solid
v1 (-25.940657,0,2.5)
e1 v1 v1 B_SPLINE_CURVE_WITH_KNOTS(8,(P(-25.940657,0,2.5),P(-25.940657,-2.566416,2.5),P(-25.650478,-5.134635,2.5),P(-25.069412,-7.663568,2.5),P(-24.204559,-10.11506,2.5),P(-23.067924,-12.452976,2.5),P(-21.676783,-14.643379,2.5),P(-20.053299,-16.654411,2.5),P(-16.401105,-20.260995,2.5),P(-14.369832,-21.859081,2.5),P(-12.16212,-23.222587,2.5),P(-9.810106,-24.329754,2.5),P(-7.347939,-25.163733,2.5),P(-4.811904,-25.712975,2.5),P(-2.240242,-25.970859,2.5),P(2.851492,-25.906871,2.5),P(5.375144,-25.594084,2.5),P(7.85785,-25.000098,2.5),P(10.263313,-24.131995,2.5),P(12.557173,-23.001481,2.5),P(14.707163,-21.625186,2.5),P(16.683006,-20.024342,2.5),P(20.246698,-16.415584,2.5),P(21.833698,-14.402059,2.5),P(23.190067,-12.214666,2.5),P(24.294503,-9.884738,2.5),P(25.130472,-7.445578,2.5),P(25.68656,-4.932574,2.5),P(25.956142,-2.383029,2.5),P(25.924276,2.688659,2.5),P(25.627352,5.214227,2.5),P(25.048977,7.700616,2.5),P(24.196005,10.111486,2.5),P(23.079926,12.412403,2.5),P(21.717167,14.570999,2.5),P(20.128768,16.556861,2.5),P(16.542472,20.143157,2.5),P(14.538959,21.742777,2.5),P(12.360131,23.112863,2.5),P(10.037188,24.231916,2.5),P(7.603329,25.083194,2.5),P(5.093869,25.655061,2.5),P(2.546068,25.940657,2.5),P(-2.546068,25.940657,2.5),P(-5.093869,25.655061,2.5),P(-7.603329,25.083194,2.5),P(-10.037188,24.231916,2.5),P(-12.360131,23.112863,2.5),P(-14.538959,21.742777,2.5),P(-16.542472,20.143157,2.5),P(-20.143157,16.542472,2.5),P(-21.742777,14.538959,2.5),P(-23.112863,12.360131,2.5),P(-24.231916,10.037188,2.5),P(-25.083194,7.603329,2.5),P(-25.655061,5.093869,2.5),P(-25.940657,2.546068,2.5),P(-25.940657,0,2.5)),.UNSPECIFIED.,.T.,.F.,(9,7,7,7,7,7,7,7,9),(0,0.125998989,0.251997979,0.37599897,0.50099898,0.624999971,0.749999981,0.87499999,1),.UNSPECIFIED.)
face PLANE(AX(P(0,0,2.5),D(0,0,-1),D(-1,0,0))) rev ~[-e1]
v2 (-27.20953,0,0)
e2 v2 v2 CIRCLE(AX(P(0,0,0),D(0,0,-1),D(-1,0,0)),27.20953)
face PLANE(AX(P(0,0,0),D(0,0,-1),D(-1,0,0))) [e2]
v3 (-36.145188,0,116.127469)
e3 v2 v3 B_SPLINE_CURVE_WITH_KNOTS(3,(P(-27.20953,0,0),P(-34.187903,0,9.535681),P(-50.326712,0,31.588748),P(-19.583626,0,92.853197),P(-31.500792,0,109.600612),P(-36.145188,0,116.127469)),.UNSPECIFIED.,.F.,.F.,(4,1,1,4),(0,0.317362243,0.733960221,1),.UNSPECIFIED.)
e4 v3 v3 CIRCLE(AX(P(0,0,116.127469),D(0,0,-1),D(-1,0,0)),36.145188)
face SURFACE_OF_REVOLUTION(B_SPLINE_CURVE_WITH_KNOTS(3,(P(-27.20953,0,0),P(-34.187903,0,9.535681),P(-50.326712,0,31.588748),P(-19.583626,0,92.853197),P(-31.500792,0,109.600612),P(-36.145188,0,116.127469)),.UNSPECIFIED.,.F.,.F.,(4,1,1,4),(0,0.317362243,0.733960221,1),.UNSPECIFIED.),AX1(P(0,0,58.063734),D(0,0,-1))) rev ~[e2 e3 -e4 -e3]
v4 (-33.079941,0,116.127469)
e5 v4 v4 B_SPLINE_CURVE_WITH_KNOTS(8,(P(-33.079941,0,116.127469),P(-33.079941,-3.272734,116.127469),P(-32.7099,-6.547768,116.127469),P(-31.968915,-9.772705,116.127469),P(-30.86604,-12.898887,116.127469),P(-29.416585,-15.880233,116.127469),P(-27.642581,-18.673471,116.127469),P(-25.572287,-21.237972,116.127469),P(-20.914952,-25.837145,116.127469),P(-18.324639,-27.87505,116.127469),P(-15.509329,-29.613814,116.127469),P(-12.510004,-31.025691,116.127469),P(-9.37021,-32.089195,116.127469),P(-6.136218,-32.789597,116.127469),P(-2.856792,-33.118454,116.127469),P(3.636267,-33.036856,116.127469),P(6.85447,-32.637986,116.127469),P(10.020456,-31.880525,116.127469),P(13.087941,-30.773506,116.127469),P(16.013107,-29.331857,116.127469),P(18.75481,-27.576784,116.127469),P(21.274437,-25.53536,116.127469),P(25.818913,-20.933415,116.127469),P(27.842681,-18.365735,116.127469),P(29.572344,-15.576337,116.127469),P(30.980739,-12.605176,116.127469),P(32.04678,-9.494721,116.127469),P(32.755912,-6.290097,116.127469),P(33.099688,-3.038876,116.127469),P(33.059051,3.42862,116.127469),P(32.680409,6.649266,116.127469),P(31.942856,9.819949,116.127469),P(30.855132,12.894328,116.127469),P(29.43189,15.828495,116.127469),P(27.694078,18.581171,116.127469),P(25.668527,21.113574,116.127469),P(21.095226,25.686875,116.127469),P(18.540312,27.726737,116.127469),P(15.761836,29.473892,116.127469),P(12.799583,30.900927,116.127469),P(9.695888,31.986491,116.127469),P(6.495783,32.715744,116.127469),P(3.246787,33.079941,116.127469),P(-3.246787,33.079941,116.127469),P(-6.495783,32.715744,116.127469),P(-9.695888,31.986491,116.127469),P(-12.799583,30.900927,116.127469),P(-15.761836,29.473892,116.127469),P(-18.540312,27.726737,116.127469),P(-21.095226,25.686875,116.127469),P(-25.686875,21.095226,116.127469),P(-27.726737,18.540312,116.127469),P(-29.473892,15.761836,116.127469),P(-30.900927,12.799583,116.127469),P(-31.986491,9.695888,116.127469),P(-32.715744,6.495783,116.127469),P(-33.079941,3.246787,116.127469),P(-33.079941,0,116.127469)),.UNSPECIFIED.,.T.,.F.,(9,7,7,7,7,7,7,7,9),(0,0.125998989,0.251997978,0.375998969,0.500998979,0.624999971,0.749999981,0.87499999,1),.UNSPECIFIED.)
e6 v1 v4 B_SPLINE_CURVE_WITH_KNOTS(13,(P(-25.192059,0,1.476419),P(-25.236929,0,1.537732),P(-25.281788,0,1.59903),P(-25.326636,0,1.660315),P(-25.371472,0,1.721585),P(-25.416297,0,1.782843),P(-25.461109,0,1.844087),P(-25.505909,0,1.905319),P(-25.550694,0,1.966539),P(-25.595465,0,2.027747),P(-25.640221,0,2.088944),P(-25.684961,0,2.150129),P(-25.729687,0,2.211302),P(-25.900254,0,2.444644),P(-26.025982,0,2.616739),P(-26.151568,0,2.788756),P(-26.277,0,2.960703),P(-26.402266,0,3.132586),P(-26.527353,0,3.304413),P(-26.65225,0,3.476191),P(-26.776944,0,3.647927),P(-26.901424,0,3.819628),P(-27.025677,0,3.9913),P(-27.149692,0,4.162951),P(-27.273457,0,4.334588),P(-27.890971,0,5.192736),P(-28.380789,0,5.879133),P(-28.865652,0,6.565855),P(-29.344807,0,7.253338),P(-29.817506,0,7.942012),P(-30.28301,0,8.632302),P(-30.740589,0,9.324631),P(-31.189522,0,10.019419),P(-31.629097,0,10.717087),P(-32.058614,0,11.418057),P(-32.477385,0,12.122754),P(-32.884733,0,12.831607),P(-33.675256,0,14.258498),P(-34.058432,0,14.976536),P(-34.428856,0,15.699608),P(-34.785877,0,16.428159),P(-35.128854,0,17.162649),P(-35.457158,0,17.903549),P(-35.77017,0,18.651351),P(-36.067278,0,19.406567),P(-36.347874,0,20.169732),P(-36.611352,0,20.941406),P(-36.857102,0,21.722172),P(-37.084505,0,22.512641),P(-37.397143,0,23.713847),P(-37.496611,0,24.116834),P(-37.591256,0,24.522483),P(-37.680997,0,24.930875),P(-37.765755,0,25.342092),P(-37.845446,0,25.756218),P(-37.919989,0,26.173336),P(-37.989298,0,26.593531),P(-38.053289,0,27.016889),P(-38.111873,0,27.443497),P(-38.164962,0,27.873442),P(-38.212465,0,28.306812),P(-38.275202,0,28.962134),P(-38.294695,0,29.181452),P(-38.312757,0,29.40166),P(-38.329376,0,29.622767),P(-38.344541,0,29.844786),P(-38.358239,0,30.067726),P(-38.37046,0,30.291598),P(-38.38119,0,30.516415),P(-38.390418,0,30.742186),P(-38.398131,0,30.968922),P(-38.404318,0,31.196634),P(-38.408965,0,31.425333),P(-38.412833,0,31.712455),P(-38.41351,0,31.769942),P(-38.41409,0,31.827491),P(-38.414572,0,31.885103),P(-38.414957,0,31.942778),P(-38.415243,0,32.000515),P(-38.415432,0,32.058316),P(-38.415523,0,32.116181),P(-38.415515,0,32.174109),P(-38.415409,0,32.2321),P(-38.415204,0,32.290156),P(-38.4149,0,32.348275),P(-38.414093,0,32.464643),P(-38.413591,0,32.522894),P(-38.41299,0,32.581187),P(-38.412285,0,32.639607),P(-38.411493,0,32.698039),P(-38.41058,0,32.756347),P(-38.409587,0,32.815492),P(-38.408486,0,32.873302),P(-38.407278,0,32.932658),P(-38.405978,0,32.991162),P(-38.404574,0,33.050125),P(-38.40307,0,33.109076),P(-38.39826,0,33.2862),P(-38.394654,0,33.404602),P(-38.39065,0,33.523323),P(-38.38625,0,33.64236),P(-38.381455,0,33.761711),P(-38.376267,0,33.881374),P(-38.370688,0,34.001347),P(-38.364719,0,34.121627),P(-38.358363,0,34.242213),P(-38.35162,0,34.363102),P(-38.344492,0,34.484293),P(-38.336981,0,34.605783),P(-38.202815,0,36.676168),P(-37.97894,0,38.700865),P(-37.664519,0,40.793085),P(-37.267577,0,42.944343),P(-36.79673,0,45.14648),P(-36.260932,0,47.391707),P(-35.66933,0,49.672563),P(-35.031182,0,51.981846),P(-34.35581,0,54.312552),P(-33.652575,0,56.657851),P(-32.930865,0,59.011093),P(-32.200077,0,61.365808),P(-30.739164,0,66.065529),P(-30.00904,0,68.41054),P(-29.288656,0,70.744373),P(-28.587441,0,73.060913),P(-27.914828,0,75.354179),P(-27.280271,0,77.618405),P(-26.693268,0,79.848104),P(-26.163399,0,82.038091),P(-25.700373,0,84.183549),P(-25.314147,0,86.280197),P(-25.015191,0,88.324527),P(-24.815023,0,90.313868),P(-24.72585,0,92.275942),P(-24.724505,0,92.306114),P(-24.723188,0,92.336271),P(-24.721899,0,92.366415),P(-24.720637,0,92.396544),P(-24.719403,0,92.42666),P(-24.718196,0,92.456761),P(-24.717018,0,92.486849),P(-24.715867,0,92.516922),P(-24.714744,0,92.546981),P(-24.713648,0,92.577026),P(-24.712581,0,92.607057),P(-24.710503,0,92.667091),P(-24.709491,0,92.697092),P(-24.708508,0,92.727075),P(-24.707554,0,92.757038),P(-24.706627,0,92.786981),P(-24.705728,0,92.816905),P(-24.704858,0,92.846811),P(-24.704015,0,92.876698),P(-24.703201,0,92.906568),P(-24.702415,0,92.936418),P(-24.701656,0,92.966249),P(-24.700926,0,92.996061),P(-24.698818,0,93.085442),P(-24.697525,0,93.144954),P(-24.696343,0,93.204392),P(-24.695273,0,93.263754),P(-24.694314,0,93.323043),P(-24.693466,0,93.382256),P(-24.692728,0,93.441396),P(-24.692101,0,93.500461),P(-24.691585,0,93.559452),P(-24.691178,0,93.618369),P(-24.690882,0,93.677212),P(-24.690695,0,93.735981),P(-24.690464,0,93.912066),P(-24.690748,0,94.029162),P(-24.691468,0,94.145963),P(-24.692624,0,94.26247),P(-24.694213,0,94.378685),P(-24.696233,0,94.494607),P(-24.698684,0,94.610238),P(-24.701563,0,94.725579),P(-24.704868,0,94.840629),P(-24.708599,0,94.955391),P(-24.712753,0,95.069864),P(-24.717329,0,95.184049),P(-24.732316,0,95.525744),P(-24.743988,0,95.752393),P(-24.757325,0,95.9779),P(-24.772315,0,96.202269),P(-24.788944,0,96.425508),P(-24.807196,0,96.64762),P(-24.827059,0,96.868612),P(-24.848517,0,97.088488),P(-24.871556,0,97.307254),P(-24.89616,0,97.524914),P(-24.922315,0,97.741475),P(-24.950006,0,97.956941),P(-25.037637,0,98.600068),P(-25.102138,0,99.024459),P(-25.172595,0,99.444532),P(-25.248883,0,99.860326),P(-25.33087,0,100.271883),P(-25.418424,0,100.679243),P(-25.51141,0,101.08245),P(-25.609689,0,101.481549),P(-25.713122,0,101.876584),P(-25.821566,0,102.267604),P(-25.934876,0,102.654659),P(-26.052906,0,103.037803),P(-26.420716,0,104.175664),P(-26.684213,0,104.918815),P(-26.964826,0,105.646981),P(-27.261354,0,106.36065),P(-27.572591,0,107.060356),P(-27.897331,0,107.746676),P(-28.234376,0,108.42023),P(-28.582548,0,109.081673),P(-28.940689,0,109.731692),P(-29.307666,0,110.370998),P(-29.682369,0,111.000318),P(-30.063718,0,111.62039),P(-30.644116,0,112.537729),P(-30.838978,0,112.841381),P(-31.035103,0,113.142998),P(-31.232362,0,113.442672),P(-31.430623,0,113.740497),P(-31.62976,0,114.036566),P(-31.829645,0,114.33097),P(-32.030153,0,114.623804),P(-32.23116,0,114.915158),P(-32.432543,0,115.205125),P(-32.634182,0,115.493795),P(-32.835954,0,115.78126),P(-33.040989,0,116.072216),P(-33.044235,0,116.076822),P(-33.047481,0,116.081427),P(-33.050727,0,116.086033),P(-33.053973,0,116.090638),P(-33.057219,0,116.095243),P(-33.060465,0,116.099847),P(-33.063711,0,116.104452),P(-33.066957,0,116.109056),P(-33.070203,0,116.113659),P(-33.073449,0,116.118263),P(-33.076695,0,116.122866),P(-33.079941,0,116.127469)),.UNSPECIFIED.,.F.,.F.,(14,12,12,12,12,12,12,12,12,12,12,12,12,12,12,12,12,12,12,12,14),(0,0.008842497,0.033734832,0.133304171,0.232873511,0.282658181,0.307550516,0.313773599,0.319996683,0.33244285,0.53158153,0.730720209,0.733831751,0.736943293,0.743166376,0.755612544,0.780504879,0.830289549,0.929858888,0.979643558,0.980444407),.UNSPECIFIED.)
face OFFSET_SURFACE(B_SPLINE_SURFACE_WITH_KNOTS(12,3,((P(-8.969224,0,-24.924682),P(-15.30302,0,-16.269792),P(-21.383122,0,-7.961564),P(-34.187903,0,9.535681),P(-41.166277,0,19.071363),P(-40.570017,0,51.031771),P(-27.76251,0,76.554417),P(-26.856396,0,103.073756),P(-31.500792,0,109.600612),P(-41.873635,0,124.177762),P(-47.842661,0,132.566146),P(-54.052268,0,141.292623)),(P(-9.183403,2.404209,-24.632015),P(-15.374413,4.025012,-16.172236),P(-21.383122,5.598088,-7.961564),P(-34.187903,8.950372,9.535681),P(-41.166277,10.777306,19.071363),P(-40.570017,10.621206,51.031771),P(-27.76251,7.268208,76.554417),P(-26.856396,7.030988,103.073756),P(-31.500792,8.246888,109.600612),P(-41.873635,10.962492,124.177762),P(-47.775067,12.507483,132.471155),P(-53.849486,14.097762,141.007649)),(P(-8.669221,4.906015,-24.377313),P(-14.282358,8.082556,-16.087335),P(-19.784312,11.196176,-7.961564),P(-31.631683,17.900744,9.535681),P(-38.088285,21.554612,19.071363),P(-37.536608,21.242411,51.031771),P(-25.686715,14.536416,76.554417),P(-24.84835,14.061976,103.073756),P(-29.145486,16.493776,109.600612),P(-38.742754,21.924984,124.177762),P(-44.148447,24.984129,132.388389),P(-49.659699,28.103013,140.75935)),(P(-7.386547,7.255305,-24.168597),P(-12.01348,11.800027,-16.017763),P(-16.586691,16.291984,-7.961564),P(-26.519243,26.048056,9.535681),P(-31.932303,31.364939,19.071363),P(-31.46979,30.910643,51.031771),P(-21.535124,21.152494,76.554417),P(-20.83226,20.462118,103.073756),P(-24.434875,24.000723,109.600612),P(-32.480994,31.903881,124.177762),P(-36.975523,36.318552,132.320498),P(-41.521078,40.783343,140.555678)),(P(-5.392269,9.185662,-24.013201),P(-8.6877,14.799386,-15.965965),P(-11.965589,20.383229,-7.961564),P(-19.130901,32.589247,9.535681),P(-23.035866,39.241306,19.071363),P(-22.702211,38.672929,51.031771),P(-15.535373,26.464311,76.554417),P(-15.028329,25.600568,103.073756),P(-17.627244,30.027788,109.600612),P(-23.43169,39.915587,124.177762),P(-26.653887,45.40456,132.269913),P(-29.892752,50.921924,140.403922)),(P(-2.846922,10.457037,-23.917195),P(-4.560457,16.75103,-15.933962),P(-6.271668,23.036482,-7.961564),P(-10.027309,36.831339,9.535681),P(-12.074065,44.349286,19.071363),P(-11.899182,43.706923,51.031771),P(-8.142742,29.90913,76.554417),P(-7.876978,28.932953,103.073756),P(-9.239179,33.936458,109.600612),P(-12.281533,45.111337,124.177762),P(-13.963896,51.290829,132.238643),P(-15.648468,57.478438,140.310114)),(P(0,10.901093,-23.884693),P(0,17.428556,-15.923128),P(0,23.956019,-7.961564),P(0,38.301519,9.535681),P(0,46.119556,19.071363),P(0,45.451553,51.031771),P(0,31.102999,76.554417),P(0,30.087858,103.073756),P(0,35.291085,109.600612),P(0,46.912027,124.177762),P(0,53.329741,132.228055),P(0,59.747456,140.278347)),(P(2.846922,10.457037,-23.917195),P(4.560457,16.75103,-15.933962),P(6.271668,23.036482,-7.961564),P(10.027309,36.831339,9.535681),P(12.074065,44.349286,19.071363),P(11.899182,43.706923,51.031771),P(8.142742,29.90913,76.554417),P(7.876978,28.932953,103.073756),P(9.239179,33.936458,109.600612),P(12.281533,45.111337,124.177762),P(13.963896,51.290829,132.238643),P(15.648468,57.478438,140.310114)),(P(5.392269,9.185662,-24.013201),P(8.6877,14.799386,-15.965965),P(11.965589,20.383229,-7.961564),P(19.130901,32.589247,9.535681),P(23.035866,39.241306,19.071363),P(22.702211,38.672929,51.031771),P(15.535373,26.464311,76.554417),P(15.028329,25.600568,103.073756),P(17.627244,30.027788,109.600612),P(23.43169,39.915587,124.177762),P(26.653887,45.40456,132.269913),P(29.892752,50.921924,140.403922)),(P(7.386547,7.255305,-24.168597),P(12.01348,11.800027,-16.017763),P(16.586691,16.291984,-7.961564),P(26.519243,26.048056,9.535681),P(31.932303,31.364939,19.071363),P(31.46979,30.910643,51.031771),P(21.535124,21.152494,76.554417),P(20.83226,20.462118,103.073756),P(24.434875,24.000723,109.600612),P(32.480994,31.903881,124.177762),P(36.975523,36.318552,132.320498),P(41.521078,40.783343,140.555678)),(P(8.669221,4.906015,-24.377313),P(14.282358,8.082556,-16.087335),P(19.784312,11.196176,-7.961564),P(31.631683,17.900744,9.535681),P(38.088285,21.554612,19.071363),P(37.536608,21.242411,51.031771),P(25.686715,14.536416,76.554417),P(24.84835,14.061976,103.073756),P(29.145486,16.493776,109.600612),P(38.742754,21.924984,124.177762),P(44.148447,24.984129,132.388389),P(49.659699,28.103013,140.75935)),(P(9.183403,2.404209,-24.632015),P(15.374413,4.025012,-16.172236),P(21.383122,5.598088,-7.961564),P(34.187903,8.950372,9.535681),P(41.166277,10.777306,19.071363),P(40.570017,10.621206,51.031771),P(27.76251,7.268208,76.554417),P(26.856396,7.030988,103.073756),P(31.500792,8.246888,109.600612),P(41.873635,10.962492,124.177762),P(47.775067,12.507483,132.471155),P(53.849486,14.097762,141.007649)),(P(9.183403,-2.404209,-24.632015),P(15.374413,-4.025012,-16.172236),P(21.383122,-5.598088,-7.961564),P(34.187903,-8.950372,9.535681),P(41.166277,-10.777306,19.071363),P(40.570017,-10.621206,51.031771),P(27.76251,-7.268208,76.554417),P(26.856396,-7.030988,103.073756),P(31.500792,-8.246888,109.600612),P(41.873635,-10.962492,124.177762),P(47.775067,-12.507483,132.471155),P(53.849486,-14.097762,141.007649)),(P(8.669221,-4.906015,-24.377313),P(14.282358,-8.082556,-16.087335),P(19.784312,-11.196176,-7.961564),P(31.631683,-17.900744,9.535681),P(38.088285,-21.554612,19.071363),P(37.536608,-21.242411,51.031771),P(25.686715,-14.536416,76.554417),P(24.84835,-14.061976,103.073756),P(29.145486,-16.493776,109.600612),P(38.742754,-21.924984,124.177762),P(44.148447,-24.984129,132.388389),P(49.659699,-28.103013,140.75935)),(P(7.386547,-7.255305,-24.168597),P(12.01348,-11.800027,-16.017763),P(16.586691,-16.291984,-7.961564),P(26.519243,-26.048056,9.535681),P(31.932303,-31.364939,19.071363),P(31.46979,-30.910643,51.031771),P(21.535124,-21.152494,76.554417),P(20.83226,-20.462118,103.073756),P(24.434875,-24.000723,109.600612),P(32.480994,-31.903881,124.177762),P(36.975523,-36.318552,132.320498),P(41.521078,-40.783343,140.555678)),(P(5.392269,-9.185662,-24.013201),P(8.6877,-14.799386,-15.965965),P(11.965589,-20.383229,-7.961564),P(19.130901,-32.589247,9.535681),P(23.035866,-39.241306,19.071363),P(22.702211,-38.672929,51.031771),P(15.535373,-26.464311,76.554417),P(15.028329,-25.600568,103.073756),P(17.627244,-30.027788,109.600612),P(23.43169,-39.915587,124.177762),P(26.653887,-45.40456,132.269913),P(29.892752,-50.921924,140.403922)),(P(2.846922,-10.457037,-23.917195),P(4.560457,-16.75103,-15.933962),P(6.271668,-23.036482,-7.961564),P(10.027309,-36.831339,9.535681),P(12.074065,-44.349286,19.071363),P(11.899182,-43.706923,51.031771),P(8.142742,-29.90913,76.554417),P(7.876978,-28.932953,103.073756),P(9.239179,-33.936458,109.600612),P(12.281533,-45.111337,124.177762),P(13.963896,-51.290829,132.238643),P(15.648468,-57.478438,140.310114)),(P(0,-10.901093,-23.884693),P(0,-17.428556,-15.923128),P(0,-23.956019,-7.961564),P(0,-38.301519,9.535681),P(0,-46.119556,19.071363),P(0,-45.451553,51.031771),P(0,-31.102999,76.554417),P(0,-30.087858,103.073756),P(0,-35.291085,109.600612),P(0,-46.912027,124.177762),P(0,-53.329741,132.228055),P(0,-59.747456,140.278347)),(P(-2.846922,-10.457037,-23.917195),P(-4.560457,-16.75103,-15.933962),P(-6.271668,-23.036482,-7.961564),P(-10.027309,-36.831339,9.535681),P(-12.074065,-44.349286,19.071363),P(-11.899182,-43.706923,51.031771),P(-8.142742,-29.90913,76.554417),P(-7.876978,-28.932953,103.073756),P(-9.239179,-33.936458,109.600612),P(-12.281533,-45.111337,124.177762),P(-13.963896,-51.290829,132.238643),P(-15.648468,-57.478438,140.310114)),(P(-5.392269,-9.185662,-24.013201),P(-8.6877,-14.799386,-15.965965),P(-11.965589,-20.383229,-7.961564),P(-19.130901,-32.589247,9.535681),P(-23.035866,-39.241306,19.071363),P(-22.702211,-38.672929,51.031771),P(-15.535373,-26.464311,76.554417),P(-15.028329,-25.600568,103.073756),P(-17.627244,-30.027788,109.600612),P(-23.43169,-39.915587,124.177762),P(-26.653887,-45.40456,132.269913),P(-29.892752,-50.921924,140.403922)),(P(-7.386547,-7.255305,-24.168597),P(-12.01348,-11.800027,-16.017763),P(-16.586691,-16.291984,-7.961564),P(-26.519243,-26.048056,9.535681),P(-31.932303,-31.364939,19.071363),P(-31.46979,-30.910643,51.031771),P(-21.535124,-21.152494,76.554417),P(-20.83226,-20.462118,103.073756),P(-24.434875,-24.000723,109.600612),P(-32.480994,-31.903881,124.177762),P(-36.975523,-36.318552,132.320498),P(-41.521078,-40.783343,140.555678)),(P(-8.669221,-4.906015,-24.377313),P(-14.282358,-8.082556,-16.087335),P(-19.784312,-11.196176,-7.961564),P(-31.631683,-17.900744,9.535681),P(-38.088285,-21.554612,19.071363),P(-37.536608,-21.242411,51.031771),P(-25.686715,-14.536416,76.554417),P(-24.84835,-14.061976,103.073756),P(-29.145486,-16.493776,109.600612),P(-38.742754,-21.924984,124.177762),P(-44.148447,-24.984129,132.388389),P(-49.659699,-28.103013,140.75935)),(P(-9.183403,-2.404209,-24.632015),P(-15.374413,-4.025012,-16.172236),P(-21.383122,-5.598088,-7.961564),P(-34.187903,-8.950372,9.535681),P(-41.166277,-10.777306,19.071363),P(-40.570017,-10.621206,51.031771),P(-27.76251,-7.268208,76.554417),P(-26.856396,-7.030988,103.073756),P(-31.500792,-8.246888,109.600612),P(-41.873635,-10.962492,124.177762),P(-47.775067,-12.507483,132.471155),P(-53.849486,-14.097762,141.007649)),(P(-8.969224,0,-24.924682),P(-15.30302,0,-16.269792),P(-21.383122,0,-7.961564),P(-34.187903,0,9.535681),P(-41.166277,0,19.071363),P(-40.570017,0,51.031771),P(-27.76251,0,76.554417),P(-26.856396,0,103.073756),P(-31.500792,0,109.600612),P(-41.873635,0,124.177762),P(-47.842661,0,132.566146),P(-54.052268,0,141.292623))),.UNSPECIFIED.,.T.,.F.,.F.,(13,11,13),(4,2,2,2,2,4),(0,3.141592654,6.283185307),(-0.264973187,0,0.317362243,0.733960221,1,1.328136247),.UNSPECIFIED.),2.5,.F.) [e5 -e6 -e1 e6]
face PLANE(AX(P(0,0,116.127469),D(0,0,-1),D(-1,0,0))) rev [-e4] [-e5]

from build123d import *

# Parameters (mm, degrees)
F2_T = -2.5


with BuildPart() as f1:
    # F0 (on Front) → F1 (revolve)
    with BuildSketch(Plane.XZ):
        with BuildLine():
            Line((-27.2095296532, 0), (0, 0))
            Line((0, 0), (0, 116.1274686456))
            Line((0, 116.1274686456), (-36.1451879144, 116.1274686456))
            add(Edge.make_bspline(
                [(-27.2095296532, 0), (-34.1879031262, 9.5356813411), (-50.3267118721, 31.5887482945), (-19.5836264555, 92.8531972301), (-31.5007919178, 109.6006122708), (-36.1451879144, 116.1274686456)],
                knots=[0, 0, 0, 0, 0.3173622425, 0.7339602208, 1, 1, 1, 1], degree=3))
        make_face()
    revolve(axis=Axis((0, 0, 58.0637343228), (0, 0, -1)))

    # F2
    f2_openings = [f1.faces().sort_by_distance(p)[0] for p in [
        (0, 0, 116.127469),
    ]]
    offset(amount=F2_T, openings=f2_openings)


solid = f1.part
